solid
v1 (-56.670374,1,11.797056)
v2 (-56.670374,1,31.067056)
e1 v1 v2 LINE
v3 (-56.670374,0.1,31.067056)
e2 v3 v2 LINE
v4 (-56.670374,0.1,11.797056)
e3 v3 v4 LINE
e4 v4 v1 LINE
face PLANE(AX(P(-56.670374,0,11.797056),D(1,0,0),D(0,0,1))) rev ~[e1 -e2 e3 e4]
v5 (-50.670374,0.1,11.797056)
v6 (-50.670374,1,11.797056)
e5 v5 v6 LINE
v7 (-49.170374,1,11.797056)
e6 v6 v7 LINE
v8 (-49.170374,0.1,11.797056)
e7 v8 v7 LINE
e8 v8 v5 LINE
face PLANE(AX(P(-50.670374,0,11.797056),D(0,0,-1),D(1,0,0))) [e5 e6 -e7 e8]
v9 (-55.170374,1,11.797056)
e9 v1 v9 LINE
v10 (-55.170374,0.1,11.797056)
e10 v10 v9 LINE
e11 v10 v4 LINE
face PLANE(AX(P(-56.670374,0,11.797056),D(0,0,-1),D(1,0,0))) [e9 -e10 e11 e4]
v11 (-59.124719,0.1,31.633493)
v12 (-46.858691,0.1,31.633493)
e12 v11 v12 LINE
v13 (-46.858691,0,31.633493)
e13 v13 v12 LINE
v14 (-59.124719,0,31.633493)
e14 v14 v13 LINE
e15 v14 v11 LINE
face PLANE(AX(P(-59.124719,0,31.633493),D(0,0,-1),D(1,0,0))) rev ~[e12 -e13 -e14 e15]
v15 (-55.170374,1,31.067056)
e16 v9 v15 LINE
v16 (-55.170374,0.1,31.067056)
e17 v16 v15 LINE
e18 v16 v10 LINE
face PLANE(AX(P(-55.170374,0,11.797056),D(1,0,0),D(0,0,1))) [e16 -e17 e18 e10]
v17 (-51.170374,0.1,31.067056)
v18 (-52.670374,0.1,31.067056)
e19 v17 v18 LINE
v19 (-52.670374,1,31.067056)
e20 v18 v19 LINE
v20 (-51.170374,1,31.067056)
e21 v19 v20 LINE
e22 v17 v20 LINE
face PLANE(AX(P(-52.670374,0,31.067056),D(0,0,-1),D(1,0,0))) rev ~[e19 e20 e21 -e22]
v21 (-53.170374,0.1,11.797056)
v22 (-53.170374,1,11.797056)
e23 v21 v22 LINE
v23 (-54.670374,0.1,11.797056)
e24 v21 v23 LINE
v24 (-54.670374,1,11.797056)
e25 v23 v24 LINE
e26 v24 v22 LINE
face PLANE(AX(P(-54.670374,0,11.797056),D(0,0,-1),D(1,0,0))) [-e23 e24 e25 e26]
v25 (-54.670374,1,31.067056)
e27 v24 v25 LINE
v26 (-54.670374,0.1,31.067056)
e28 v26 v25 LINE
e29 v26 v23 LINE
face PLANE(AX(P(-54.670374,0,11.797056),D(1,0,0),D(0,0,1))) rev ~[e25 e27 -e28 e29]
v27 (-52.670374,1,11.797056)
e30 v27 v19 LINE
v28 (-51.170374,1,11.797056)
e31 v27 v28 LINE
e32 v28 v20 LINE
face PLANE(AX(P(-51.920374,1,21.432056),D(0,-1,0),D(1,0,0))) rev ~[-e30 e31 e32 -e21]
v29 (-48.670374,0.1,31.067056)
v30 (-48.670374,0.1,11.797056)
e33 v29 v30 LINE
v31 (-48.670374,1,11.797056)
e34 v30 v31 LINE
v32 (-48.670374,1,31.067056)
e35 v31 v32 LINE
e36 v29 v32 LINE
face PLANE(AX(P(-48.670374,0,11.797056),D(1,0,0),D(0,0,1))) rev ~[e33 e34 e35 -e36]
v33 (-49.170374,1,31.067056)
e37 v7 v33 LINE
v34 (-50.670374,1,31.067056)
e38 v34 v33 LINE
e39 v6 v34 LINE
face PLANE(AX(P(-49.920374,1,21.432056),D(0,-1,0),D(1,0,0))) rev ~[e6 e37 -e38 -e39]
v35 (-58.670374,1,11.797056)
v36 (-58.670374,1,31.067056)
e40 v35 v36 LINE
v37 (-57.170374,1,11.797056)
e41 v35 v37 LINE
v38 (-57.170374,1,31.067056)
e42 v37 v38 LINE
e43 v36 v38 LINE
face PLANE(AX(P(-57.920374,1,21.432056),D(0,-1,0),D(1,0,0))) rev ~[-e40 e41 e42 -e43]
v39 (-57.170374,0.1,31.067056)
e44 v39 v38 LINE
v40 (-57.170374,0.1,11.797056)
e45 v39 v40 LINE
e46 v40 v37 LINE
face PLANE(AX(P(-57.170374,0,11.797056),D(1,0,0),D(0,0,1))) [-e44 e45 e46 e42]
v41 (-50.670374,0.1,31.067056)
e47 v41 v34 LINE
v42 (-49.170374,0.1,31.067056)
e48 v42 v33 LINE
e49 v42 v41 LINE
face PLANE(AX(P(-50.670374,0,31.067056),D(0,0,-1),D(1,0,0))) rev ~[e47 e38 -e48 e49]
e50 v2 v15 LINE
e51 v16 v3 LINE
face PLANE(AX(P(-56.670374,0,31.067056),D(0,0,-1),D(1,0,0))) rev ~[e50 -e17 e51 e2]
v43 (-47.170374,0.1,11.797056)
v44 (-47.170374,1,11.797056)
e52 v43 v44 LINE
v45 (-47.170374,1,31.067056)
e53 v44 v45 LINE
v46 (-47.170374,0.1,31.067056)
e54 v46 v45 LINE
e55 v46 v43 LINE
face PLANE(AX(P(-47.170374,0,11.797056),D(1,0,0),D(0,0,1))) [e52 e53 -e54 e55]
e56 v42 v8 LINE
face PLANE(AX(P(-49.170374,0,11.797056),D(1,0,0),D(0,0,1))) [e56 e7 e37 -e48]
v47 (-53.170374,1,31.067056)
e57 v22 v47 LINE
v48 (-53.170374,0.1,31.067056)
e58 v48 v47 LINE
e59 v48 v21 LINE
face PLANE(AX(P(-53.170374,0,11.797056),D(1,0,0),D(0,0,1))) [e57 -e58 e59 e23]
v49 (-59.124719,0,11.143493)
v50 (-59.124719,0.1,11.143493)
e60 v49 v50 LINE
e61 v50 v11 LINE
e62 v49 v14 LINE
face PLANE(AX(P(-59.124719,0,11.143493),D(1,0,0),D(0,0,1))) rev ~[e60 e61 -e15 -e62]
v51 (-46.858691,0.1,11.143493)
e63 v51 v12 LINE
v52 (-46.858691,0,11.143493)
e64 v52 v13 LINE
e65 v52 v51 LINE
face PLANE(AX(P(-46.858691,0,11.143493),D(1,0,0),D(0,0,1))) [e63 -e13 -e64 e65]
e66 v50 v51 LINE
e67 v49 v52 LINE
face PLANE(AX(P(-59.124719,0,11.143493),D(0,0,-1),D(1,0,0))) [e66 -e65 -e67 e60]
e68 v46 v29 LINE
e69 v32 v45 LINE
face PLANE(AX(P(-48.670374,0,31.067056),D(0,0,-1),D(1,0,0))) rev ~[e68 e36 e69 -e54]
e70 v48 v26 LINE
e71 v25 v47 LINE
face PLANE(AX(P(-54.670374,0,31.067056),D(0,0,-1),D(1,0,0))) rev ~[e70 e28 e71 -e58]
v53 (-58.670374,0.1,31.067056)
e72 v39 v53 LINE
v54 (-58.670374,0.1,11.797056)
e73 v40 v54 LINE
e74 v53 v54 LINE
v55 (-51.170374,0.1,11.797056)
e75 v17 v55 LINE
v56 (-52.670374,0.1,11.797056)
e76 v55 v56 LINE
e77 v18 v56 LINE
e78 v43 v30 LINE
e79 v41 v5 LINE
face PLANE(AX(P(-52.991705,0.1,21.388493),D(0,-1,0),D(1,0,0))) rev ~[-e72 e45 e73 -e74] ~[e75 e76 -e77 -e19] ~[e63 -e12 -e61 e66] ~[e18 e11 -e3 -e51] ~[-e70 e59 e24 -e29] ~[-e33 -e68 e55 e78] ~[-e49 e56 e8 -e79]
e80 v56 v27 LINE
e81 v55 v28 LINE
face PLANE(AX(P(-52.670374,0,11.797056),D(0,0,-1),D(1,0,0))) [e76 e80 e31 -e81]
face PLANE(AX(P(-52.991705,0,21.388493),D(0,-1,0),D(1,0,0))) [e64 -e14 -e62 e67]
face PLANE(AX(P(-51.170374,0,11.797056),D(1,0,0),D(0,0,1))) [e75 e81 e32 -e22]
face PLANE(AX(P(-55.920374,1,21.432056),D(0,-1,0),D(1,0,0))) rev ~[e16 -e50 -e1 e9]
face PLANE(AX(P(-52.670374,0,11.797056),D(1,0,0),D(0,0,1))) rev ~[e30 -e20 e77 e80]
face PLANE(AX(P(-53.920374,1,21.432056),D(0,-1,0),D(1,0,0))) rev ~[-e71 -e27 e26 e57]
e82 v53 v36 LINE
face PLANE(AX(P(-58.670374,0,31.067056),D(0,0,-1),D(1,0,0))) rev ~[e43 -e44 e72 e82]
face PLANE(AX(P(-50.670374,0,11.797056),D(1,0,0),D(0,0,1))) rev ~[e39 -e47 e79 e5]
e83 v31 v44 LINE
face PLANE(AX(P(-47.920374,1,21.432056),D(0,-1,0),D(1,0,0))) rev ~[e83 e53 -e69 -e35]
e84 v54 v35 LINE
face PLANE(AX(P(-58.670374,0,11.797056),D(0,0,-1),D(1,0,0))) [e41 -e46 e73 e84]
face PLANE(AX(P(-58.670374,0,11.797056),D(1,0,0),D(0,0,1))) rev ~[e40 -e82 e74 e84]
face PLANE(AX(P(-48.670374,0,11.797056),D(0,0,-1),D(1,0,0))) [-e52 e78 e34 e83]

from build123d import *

# Parameters (mm, degrees)
F0_W     = 1.5
F0_H     = 19.27
F1_DEPTH = 1
F2_W     = 12.266028
F2_H     = 20.49
F3_DEPTH = 0.1


with BuildPart() as f1:
    # F0 (on Front) → F1 (new body)
    with BuildSketch(Plane.XZ):
        with Locations((-57.920374, 21.432056)):
            Rectangle(F0_W, F0_H)
        with Locations((-47.920374, 21.432056)):
            Rectangle(F0_W, F0_H)
        with Locations((-49.920374, 21.432056)):
            Rectangle(F0_W, F0_H)
        with Locations((-51.920374, 21.432056)):
            Rectangle(F0_W, F0_H)
        with Locations((-53.920374, 21.432056)):
            Rectangle(F0_W, F0_H)
        with Locations((-55.920374, 21.432056)):
            Rectangle(F0_W, F0_H)
    extrude(amount=-F1_DEPTH)

    # F2 (on Front) → F3 (join)
    with BuildSketch(Plane.XZ):
        with Locations((-52.991705, 21.388493)):
            Rectangle(F2_W, F2_H)
    extrude(amount=-F3_DEPTH)


solid = f1.part
